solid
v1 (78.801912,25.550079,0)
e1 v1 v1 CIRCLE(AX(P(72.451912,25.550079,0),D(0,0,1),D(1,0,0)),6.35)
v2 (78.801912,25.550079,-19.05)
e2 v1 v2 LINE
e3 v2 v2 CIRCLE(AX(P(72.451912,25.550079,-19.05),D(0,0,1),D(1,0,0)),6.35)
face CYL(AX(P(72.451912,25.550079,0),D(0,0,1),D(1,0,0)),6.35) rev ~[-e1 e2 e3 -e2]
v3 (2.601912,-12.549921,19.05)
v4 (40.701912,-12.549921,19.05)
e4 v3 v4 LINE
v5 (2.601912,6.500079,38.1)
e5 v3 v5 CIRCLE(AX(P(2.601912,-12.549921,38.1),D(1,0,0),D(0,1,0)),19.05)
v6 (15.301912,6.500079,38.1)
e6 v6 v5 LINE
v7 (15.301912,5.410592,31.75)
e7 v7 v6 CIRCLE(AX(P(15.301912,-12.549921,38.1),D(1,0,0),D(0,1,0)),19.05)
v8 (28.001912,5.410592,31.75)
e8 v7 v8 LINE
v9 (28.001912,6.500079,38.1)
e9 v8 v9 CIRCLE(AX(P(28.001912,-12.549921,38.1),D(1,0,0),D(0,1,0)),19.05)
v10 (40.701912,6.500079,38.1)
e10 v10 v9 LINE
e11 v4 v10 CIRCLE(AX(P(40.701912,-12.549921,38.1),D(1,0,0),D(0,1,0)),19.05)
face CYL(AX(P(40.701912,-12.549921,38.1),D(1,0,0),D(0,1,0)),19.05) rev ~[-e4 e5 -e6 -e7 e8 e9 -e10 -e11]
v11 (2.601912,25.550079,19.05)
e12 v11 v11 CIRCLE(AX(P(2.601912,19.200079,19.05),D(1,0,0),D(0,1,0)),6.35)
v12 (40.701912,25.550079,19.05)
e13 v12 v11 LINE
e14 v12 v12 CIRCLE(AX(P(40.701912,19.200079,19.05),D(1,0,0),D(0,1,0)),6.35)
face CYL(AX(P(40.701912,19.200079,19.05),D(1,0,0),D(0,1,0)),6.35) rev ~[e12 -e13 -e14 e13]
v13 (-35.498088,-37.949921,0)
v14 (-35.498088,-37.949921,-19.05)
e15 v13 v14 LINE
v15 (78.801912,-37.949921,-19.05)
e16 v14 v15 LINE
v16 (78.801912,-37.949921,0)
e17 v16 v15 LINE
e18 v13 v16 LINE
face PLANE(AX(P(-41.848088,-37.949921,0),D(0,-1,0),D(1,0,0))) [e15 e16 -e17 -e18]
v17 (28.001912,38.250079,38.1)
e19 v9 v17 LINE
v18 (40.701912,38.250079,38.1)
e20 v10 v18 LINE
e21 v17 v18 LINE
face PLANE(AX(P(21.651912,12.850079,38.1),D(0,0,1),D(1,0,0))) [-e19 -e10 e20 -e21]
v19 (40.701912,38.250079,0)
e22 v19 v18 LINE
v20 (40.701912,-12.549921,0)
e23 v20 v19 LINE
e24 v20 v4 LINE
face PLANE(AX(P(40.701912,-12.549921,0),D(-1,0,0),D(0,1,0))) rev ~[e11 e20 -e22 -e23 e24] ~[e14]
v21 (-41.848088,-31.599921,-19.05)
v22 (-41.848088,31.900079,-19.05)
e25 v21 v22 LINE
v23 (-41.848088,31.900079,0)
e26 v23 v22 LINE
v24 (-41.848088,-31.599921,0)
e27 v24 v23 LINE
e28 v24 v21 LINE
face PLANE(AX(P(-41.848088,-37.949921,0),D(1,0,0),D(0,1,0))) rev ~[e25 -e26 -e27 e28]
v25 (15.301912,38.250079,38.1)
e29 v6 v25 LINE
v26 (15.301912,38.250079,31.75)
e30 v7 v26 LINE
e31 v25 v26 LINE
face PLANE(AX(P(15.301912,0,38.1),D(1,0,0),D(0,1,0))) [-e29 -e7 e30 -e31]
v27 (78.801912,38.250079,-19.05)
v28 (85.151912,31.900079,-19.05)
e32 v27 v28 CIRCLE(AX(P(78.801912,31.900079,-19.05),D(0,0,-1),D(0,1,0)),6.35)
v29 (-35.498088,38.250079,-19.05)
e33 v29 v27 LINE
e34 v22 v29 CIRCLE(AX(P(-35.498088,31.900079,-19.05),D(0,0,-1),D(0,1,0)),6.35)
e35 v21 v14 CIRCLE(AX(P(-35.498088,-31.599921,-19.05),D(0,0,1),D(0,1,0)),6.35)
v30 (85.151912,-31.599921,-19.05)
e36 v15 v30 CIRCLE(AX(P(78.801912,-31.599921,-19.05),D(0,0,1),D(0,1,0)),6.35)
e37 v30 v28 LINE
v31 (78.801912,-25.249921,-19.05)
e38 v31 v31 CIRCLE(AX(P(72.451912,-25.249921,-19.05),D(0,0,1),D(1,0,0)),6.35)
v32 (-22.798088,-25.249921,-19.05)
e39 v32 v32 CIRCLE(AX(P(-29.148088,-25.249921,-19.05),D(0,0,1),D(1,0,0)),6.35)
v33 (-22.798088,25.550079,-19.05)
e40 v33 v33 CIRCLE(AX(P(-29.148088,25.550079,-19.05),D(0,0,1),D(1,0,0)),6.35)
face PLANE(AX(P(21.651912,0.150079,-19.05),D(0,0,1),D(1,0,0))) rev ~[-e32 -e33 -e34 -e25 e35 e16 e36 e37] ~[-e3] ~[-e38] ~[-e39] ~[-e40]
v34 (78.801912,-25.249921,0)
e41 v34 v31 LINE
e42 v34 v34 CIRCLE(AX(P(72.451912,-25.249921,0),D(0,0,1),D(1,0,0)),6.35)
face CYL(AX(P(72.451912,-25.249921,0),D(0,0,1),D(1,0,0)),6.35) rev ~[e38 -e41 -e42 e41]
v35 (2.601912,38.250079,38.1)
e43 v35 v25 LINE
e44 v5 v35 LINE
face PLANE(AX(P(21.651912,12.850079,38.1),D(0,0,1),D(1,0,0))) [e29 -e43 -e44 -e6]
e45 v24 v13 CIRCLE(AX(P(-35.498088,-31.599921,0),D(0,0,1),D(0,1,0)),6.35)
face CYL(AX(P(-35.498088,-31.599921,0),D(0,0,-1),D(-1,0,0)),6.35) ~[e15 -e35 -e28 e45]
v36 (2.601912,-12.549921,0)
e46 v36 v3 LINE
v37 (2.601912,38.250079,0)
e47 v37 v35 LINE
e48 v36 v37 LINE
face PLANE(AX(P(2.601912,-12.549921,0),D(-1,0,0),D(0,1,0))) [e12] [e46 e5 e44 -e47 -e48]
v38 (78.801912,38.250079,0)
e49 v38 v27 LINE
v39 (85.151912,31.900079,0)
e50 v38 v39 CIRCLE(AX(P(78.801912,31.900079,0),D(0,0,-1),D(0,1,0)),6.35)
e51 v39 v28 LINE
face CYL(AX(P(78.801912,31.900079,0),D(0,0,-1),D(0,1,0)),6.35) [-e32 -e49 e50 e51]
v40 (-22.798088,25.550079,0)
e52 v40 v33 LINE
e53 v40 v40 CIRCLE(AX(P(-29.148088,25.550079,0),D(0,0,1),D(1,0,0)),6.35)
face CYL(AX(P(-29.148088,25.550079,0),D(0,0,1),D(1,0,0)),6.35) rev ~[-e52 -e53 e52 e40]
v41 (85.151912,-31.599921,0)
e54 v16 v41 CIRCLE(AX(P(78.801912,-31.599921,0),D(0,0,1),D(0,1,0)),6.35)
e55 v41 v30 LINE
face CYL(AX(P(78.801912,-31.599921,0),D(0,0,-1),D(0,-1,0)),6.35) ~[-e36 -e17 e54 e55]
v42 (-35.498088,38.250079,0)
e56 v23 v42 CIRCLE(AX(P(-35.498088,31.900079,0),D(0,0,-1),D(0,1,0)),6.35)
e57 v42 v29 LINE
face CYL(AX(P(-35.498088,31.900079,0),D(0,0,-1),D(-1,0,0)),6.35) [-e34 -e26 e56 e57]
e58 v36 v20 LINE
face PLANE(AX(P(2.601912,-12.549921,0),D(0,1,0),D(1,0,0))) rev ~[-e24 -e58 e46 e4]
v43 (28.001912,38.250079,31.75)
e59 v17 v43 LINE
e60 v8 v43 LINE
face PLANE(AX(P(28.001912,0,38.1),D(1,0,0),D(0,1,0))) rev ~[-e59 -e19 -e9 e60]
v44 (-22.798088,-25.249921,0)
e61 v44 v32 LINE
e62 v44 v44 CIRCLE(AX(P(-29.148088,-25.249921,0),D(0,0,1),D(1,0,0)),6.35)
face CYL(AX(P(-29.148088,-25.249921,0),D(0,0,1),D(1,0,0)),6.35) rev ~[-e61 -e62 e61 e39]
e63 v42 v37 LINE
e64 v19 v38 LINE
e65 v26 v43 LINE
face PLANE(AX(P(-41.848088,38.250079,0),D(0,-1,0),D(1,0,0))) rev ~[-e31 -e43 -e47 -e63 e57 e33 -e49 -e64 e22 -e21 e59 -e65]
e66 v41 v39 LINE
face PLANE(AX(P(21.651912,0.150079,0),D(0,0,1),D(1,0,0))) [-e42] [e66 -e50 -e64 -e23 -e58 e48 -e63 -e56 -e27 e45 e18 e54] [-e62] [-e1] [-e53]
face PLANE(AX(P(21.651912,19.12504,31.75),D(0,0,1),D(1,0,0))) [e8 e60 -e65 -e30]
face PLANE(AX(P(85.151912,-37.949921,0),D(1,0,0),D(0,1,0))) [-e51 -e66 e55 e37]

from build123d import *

# Parameters (mm, degrees)
F0_W     = 127
F0_H     = 76.2
F0_R     = 6.35
F1_DEPTH = 19.05
F2_W     = 38.1
F2_H     = 50.8
F3_DEPTH = 38.1
F4_R     = 19.05
F5_DEPTH = 82.551
F6_W     = 12.7
F6_H     = 38.2500794058
F7_DEPTH = 6.35
F8_R     = 6.35
F9_DEPTH = 82.551
F10_R    = 6.35


with BuildPart() as f1:
    # F0 (on Top) → F1 (new body)
    with BuildSketch(Plane.XY):
        with Locations((21.6519124806, 0.1500794058)):
            Rectangle(F0_W, F0_H)
        with Locations((-29.1480875194, -25.2499205942)):
            Circle(F0_R, mode=Mode.SUBTRACT)
        with Locations((72.4519124806, -25.2499205942)):
            Circle(F0_R, mode=Mode.SUBTRACT)
        with Locations((-29.1480875194, 25.5500794058)):
            Circle(F0_R, mode=Mode.SUBTRACT)
        with Locations((72.4519124806, 25.5500794058)):
            Circle(F0_R, mode=Mode.SUBTRACT)
    extrude(amount=-F1_DEPTH)

    # F2 (on face) → F3 (join)
    with BuildSketch(Plane.XY):
        with Locations((21.6519124806, 12.8500794058)):
            Rectangle(F2_W, F2_H)
    extrude(amount=F3_DEPTH)

    # F4 (on face) → F5 (cut, through all)
    with BuildSketch(Plane.YZ.offset(40.7019124806)):
        with Locations((-12.5499205942, 38.1)):
            Circle(F4_R)
    extrude(amount=-F5_DEPTH, mode=Mode.SUBTRACT)

    # F6 (on face) → F7 (cut)
    with BuildSketch(Plane.XY.offset(38.1)):
        with Locations((21.6519124806, 19.1250397029)):
            Rectangle(F6_W, F6_H)
    extrude(amount=-F7_DEPTH, mode=Mode.SUBTRACT)

    # F8 (on face) → F9 (cut, through all)
    with BuildSketch(Plane.YZ.offset(40.7019124806)):
        with Locations((19.2000794058, 19.05)):
            Circle(F8_R)
    extrude(amount=-F9_DEPTH, mode=Mode.SUBTRACT)

    # F10
    f10_edges = [f1.edges().sort_by_distance(p)[0] for p in [
        (-41.848088, -37.949921, -9.525),
        (-41.848088, 38.250079, -9.525),
        (85.151912, -37.949921, -9.525),
        (85.151912, 38.250079, -9.525),
    ]]
    fillet(f10_edges, radius=F10_R)


solid = f1.part
